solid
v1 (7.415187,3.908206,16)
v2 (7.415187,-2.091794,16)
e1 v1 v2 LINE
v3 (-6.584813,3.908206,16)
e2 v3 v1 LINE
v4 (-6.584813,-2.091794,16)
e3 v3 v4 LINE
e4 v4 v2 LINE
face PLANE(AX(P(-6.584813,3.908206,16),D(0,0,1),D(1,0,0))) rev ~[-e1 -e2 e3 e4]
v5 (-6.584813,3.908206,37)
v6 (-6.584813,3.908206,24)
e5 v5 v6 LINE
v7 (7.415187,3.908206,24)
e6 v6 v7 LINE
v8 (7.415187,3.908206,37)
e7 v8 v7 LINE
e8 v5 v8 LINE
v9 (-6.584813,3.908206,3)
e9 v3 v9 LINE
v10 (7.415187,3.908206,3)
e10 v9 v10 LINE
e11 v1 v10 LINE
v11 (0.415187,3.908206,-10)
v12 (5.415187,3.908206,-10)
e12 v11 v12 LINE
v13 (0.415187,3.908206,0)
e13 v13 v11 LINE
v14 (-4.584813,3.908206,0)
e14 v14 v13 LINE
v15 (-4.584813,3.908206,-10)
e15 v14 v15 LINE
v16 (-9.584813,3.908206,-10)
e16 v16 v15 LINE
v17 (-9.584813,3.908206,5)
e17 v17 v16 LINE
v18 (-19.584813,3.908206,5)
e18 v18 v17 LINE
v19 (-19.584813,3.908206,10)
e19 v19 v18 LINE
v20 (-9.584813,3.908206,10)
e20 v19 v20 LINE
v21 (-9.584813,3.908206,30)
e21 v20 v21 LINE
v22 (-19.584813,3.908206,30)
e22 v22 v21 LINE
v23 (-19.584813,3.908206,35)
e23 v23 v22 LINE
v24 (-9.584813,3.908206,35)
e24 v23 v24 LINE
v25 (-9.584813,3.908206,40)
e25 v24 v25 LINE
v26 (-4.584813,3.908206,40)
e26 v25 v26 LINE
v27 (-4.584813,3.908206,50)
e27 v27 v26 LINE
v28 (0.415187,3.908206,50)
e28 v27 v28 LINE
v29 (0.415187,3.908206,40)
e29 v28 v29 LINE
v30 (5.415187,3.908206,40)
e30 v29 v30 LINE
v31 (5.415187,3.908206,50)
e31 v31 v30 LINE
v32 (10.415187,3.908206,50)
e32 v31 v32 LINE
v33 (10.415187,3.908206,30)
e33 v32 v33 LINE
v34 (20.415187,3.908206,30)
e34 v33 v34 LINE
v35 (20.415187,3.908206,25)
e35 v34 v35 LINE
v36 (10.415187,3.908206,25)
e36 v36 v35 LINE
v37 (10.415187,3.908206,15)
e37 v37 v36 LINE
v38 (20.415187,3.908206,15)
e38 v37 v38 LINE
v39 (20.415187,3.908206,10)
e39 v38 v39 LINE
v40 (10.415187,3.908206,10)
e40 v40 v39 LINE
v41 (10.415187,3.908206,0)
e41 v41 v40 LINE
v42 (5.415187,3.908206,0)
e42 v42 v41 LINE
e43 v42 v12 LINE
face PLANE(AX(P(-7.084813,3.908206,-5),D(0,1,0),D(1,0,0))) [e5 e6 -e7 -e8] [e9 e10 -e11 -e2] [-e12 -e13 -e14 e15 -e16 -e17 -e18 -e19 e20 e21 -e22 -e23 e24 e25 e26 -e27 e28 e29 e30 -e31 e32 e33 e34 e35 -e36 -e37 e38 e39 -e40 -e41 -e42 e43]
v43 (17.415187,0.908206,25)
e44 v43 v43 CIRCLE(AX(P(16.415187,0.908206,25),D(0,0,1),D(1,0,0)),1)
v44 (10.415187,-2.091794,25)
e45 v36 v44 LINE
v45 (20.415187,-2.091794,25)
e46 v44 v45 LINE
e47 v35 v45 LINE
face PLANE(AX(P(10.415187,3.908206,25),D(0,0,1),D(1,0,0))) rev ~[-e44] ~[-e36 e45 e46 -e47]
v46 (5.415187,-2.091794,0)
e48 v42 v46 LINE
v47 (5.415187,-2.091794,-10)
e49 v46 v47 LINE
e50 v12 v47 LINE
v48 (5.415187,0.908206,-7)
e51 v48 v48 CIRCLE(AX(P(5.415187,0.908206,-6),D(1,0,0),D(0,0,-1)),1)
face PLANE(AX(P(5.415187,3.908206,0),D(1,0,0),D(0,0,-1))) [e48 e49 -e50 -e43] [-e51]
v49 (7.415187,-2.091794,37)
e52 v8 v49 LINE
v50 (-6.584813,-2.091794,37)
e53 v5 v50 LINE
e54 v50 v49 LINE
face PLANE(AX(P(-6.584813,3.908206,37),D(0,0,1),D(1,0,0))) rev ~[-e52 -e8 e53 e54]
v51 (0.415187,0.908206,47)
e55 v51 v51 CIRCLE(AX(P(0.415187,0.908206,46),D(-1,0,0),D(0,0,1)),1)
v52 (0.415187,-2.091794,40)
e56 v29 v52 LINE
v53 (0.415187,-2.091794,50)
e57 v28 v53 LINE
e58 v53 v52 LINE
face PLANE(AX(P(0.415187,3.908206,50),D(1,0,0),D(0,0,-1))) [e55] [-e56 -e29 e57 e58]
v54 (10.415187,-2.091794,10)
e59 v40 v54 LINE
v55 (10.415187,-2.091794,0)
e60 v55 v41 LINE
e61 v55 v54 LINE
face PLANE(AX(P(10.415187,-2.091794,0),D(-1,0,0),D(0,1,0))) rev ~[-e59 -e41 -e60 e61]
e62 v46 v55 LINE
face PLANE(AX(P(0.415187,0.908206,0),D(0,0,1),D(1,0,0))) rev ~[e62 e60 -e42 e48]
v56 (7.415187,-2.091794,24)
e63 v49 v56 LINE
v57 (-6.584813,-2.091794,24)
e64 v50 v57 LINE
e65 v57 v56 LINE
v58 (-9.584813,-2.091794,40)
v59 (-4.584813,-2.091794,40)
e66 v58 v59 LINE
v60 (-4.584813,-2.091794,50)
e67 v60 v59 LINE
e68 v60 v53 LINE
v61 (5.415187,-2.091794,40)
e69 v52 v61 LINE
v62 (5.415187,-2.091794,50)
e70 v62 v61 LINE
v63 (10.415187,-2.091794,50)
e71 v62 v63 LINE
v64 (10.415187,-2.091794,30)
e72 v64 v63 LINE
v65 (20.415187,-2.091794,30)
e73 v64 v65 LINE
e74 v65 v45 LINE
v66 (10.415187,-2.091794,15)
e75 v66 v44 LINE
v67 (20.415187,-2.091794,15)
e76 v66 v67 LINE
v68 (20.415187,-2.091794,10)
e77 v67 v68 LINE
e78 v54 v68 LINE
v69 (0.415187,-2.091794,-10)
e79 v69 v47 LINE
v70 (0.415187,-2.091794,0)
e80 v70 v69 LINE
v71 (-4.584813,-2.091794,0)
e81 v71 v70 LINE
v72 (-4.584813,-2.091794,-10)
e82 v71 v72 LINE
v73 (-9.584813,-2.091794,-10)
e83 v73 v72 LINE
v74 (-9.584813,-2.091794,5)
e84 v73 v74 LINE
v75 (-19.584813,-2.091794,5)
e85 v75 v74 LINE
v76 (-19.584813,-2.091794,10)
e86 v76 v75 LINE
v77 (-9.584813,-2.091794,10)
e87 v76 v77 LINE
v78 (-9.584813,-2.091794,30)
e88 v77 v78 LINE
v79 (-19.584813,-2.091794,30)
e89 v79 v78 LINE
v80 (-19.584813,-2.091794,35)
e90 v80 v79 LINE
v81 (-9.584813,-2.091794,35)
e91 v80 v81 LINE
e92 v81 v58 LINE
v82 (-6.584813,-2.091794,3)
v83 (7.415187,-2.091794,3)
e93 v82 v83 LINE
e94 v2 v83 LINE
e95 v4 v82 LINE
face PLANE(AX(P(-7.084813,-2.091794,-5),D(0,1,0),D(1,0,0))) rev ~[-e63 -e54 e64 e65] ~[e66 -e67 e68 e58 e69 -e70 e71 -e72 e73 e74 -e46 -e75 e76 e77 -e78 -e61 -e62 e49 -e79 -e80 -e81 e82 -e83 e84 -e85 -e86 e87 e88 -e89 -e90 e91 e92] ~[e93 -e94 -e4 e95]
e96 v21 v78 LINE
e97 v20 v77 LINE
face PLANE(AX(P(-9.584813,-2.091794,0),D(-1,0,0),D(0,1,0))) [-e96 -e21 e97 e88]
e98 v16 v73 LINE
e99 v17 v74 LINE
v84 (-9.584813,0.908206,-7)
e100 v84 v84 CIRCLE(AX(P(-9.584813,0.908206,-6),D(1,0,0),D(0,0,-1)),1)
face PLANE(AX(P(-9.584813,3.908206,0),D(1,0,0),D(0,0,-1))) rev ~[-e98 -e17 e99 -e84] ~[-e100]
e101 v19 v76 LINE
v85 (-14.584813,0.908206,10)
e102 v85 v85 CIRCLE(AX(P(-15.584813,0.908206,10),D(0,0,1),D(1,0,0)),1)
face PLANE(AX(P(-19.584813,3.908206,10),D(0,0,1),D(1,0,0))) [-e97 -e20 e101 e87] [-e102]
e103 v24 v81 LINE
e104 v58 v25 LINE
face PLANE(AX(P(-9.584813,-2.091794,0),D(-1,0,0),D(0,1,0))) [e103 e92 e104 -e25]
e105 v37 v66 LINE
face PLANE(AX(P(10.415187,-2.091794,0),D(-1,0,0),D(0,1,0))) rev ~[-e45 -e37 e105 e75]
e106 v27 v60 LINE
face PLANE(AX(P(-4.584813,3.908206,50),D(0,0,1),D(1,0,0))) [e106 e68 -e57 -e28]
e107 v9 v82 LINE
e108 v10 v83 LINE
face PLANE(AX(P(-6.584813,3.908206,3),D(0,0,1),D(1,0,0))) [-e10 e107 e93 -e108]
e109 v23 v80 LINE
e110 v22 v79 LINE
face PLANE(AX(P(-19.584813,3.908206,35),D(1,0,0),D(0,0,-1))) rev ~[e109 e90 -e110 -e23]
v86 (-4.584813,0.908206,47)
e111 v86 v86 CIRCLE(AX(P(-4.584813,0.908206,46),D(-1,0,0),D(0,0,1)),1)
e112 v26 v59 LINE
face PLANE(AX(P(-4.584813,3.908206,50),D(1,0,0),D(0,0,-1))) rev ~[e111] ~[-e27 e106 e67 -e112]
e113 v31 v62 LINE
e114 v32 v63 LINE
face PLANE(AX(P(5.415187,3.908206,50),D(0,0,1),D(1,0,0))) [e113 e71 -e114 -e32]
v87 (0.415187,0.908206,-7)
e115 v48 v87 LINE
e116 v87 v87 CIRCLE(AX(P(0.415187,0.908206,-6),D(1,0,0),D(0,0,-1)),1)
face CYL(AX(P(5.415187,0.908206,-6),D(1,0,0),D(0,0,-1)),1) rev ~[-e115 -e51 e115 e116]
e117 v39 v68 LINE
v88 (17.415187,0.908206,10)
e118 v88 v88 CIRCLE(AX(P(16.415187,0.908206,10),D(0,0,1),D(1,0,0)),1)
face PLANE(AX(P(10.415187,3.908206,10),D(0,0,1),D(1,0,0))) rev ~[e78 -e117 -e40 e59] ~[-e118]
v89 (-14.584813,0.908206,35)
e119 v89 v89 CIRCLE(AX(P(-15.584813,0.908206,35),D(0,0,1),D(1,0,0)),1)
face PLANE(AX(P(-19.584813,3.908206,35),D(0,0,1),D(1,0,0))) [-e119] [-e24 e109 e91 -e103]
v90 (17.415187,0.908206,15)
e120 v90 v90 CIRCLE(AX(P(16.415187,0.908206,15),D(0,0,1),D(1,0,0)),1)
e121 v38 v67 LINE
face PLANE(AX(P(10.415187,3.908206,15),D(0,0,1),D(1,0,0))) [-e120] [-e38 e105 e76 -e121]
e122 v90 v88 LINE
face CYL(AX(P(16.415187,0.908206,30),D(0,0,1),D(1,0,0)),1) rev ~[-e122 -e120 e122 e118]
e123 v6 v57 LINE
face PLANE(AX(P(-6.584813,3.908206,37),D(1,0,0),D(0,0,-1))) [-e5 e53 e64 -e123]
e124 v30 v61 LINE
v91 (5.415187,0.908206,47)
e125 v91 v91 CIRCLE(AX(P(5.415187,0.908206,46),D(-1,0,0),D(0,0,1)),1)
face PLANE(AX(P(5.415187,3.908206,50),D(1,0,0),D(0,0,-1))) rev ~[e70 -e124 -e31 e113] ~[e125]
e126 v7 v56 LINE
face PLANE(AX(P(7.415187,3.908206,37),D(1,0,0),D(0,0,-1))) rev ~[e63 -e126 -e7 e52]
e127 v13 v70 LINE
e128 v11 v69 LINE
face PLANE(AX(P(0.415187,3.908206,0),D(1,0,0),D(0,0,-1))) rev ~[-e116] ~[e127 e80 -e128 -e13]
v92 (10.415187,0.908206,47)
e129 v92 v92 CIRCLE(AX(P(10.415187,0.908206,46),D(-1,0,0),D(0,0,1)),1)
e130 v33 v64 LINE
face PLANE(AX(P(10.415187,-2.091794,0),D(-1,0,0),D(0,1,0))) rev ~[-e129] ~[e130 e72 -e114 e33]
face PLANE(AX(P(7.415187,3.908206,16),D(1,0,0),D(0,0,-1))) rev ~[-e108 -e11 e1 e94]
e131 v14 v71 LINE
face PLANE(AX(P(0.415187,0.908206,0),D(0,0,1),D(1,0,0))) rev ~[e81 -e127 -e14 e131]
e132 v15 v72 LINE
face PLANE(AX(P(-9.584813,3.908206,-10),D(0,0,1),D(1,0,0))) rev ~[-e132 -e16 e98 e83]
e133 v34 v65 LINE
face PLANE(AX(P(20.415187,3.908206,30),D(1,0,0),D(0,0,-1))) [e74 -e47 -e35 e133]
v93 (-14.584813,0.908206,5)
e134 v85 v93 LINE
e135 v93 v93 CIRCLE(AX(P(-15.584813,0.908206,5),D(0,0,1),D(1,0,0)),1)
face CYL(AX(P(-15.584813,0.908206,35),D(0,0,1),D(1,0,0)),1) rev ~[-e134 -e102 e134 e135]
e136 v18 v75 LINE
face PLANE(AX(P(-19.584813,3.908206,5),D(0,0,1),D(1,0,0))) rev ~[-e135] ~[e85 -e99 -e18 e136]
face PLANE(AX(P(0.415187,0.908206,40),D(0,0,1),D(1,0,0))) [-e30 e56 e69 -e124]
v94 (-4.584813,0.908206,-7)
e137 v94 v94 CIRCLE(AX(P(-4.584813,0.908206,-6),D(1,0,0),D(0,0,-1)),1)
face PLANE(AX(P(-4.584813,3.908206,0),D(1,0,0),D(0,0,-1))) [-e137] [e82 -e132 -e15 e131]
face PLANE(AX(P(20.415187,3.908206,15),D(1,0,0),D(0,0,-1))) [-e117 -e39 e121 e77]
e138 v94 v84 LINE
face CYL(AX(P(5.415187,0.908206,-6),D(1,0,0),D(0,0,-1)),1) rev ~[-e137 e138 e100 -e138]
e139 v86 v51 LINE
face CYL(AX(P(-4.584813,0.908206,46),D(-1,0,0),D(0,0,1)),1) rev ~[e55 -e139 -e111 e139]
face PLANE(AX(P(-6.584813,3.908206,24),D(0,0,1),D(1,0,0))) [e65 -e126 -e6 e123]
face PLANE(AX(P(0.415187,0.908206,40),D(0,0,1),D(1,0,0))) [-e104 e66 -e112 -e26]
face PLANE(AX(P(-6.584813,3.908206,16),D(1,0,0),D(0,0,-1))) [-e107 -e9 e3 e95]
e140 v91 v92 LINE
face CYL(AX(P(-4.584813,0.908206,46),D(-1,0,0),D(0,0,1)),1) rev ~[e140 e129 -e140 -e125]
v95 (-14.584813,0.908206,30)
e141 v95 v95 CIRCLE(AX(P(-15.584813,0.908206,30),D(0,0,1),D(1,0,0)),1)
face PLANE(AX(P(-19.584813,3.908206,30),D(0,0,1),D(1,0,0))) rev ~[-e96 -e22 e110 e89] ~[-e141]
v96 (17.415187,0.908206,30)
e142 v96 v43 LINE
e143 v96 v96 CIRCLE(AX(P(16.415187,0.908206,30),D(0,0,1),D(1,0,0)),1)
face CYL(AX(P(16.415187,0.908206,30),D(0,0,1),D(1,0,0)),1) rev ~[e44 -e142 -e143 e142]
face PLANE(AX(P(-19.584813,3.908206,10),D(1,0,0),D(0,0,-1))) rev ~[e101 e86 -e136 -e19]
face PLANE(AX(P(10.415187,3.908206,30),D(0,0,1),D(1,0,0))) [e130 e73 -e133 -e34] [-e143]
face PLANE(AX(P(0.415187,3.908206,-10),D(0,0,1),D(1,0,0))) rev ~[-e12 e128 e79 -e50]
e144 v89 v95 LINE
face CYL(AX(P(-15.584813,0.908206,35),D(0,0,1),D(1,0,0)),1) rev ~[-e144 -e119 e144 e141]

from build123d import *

# Parameters (mm, degrees)
ESBO_O1_W                = 20
ESBO_O1_H                = 6
RESSALTO_EXTRUS_O1_DEPTH = 40
ESBO_O2_W                = 10
ESBO_O2_H                = 5
ESBO_O2_W_2              = 5
ESBO_O2_H_2              = 10
RESSALTO_EXTRUS_O2_DEPTH = 6
ESBO_O3_R                = 1
CORTE_EXTRUS_O1_DEPTH    = 40
ESBO_O4_R                = 1
CORTE_EXTRUS_O2_DEPTH    = 40
ESBO_O5_R                = 1
CORTE_EXTRUS_O3_DEPTH    = 40
ESBO_O6_R                = 1
CORTE_EXTRUS_O4_DEPTH    = 40
ESBO_O7_W                = 14
ESBO_O7_H                = 13
CORTE_EXTRUS_O5_DEPTH    = 40


with BuildPart() as part:
    # Esboço1 → Ressalto-extrusão1 (new body)
    with BuildSketch(Plane.XY):
        with Locations((0.415187471, 0.908205796)):
            Rectangle(ESBO_O1_W, ESBO_O1_H)
    extrude(amount=RESSALTO_EXTRUS_O1_DEPTH)

    # Esboço2 → Ressalto-extrusão2 (add, through all)
    with BuildSketch(Plane(origin=(0, 3.908205796, 0), x_dir=(1, 0, 0), z_dir=(0, 1, 0))):
        with Locations((-14.584812529, -7.5)):
            Rectangle(ESBO_O2_W, ESBO_O2_H)
        with Locations((-14.584812529, -32.5)):
            Rectangle(ESBO_O2_W, ESBO_O2_H)
        with Locations((-7.084812529, 5)):
            Rectangle(ESBO_O2_W_2, ESBO_O2_H_2)
        with Locations((2.915187471, 5)):
            Rectangle(ESBO_O2_W_2, ESBO_O2_H_2)
        with Locations((15.415187471, -12.5)):
            Rectangle(ESBO_O2_W, ESBO_O2_H)
        with Locations((15.415187471, -27.5)):
            Rectangle(ESBO_O2_W, ESBO_O2_H)
        with Locations((-2.084812529, -45)):
            Rectangle(ESBO_O2_W_2, ESBO_O2_H_2)
        with Locations((7.915187471, -45)):
            Rectangle(ESBO_O2_W_2, ESBO_O2_H_2)
    extrude(amount=-RESSALTO_EXTRUS_O2_DEPTH)

    # Esboço3 → Corte-extrusão1 (cut)
    with BuildSketch(Plane.XY.offset(30)):
        with Locations((16.415187471, 0.908205796)):
            Circle(ESBO_O3_R)
    extrude(amount=-CORTE_EXTRUS_O1_DEPTH, mode=Mode.SUBTRACT)

    # Esboço4 → Corte-extrusão2 (cut)
    with BuildSketch(Plane.ZY.offset(4.584812529)):
        with Locations((46, 0.908205796)):
            Circle(ESBO_O4_R)
    extrude(amount=-CORTE_EXTRUS_O2_DEPTH, mode=Mode.SUBTRACT)

    # Esboço5 → Corte-extrusão3 (cut)
    with BuildSketch(Plane.XY.offset(35)):
        with Locations((-15.584812529, 0.908205796)):
            Circle(ESBO_O5_R)
    extrude(amount=-CORTE_EXTRUS_O3_DEPTH, mode=Mode.SUBTRACT)

    # Esboço6 → Corte-extrusão4 (cut)
    with BuildSketch(Plane(origin=(5.415187471, 0, 0), x_dir=(0, 0, -1), z_dir=(1, 0, 0))):
        with Locations((6, 0.908205796)):
            Circle(ESBO_O6_R)
    extrude(amount=-CORTE_EXTRUS_O4_DEPTH, mode=Mode.SUBTRACT)

    # Esboço7 → Corte-extrusão5 (cut)
    with BuildSketch(Plane(origin=(0, 3.908205796, 0), x_dir=(1, 0, 0), z_dir=(0, 1, 0))):
        with Locations((0.415187471, -9.5)):
            Rectangle(ESBO_O7_W, ESBO_O7_H)
        with Locations((0.415187471, -30.5)):
            Rectangle(ESBO_O7_W, ESBO_O7_H)
    extrude(amount=-CORTE_EXTRUS_O5_DEPTH, mode=Mode.SUBTRACT)


solid = part.part
